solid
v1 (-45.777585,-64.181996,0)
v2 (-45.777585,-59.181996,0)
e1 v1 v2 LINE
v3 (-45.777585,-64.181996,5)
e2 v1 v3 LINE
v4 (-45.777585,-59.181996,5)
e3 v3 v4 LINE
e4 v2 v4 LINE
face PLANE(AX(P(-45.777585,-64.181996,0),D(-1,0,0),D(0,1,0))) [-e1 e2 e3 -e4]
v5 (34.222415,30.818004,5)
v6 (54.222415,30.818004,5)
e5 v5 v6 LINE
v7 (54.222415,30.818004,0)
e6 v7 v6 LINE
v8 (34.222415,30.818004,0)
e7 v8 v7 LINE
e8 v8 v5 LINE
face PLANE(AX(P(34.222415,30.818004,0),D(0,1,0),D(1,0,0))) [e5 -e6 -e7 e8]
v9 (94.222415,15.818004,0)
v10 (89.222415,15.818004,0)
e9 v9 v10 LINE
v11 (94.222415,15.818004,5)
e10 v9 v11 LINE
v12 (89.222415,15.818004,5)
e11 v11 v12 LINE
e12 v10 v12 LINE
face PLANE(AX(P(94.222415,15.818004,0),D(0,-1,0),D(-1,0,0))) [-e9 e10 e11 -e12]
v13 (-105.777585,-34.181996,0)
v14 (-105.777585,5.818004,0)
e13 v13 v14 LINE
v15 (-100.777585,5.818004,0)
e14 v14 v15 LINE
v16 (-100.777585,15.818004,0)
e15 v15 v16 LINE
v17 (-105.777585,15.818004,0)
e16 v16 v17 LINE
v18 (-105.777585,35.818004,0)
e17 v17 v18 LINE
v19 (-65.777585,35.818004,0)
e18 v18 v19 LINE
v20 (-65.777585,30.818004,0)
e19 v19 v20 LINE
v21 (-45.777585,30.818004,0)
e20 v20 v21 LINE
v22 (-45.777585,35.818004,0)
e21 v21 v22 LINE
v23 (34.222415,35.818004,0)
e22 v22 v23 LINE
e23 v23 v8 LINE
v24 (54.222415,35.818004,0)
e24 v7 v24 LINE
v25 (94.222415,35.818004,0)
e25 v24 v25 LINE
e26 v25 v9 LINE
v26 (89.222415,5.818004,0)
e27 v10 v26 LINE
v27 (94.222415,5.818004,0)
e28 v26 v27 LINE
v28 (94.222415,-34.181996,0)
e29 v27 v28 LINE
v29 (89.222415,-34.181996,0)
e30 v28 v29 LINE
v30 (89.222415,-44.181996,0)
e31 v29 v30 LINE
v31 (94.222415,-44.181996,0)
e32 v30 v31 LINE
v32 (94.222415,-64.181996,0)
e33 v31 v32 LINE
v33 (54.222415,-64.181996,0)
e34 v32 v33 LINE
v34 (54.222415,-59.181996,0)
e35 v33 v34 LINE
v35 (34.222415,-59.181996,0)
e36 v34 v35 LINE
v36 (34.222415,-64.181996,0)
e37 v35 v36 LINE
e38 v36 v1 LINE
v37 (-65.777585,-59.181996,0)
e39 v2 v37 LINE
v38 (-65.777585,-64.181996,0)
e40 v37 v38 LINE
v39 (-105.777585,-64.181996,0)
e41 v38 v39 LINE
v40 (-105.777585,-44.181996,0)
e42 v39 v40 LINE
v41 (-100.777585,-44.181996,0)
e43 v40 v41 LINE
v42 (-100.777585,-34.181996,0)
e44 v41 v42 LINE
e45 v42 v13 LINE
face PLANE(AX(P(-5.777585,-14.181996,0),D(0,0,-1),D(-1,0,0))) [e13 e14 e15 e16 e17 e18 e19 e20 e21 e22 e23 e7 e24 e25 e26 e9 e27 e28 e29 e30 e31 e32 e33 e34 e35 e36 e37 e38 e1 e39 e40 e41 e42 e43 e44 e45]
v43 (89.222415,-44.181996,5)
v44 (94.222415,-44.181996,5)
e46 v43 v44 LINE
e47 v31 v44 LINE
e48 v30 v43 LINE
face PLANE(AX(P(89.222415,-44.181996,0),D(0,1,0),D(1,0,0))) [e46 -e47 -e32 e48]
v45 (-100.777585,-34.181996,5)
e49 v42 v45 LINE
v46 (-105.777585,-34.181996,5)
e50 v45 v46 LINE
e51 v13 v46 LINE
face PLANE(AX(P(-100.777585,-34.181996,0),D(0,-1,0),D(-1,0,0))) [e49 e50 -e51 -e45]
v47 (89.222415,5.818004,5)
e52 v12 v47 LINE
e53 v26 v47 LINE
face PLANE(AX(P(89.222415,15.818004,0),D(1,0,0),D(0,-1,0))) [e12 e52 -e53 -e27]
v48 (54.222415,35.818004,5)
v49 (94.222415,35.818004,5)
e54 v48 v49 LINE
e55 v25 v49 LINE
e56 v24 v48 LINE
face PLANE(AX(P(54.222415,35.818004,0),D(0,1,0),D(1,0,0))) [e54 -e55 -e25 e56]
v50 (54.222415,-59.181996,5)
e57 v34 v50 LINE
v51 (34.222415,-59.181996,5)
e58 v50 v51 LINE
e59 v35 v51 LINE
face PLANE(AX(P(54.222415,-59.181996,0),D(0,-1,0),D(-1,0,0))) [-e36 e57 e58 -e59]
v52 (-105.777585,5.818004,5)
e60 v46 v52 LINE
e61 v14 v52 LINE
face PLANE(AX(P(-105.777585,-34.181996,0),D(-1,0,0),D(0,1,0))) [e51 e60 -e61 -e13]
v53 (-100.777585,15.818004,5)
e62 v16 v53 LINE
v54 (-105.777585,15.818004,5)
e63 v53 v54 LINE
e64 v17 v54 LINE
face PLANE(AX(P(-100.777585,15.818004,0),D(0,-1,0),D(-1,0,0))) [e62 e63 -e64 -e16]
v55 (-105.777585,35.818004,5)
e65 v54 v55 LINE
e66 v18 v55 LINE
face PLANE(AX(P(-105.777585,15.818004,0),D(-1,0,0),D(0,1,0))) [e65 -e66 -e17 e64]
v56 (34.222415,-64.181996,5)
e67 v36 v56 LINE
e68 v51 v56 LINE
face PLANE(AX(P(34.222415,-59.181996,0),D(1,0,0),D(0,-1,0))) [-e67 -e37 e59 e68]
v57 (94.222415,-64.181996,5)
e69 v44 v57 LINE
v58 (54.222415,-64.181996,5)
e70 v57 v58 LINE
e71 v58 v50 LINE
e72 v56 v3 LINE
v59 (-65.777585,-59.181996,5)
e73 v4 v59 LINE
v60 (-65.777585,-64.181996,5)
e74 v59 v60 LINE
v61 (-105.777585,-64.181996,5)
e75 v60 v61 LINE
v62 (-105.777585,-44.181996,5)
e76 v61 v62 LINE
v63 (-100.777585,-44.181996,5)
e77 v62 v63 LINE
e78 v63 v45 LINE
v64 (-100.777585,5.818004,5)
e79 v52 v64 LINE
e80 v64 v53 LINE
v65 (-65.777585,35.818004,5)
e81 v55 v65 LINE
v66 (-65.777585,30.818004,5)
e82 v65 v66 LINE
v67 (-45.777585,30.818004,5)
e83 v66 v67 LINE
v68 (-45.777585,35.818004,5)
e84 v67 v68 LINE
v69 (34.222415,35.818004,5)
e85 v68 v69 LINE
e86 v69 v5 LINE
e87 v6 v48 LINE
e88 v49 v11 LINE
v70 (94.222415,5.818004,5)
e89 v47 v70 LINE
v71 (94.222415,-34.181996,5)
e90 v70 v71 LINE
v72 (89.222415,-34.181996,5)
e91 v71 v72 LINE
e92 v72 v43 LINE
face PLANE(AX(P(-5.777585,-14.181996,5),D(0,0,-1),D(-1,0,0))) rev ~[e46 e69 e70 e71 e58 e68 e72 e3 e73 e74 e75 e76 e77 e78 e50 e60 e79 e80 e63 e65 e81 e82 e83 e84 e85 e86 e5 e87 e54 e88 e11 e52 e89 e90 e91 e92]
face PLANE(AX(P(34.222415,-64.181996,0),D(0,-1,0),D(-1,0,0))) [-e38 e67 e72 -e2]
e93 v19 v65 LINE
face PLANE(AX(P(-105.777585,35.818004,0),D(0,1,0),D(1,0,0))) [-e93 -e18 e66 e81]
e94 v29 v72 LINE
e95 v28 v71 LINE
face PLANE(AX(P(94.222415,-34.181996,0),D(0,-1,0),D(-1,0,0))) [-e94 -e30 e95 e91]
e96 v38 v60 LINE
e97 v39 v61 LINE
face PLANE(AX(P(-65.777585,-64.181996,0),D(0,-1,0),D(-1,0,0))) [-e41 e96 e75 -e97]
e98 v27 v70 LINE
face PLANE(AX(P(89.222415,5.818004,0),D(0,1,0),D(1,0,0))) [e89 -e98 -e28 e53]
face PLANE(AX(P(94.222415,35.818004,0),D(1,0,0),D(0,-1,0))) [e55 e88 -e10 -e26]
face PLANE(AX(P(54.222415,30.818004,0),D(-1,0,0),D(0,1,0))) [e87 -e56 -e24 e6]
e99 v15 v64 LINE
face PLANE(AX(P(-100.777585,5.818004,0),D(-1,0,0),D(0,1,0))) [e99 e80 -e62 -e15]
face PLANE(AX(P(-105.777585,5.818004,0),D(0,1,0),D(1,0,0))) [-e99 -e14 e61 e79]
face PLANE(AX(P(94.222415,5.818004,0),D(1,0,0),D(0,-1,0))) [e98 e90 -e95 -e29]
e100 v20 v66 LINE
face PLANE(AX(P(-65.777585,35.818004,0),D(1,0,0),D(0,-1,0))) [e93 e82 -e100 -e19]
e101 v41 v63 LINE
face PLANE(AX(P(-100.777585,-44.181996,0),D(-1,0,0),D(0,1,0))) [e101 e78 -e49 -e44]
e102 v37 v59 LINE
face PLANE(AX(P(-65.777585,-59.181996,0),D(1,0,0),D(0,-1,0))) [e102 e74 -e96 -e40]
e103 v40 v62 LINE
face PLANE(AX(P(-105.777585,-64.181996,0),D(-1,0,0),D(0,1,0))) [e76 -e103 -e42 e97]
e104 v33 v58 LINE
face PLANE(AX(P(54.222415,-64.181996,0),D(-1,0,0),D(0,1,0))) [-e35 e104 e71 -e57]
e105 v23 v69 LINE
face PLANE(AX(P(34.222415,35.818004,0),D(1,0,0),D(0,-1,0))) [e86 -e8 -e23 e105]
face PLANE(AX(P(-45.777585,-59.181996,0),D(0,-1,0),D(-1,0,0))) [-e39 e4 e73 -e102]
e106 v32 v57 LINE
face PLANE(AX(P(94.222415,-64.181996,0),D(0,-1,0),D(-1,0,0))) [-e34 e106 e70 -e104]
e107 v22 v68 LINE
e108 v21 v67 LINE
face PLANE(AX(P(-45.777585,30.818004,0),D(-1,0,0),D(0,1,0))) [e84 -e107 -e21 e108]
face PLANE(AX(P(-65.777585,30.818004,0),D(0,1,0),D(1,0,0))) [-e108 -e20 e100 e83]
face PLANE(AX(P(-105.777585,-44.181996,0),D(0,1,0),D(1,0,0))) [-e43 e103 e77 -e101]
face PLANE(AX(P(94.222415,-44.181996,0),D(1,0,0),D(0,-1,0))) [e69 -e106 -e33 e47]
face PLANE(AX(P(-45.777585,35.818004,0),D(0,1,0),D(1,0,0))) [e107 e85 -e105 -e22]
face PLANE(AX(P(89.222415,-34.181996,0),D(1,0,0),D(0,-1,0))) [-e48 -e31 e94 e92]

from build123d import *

# Parameters (mm, degrees)
BOSS_EXTRUDE1_DEPTH = 5


with BuildPart() as part:
    # Sketch1 → Boss-Extrude1 (new body)
    with BuildSketch(Plane.XY):
        Polygon((-105.777584558, 35.818003585), (-65.777584558, 35.818003585), (-65.777584558, 30.818003585), (-45.777584558, 30.818003585), (-45.777584558, 35.818003585), (34.222415442, 35.818003585), (34.222415442, 30.818003585), (54.222415442, 30.818003585), (54.222415442, 35.818003585), (94.222415442, 35.818003585), (94.222415442, 15.818003585), (89.222415442, 15.818003585), (89.222415442, 5.818003585), (94.222415442, 5.818003585), (94.222415442, -34.181996415), (89.222415442, -34.181996415), (89.222415442, -44.181996415), (94.222415442, -44.181996415), (94.222415442, -64.181996415), (54.222415442, -64.181996415), (54.222415442, -59.181996415), (34.222415442, -59.181996415), (34.222415442, -64.181996415), (-45.777584558, -64.181996415), (-45.777584558, -59.181996415), (-65.777584558, -59.181996415), (-65.777584558, -64.181996415), (-105.777584558, -64.181996415), (-105.777584558, -44.181996415), (-100.777584558, -44.181996415), (-100.777584558, -34.181996415), (-105.777584558, -34.181996415), (-105.777584558, 5.818003585), (-100.777584558, 5.818003585), (-100.777584558, 15.818003585), (-105.777584558, 15.818003585), align=None)
    extrude(amount=BOSS_EXTRUDE1_DEPTH)


solid = part.part
